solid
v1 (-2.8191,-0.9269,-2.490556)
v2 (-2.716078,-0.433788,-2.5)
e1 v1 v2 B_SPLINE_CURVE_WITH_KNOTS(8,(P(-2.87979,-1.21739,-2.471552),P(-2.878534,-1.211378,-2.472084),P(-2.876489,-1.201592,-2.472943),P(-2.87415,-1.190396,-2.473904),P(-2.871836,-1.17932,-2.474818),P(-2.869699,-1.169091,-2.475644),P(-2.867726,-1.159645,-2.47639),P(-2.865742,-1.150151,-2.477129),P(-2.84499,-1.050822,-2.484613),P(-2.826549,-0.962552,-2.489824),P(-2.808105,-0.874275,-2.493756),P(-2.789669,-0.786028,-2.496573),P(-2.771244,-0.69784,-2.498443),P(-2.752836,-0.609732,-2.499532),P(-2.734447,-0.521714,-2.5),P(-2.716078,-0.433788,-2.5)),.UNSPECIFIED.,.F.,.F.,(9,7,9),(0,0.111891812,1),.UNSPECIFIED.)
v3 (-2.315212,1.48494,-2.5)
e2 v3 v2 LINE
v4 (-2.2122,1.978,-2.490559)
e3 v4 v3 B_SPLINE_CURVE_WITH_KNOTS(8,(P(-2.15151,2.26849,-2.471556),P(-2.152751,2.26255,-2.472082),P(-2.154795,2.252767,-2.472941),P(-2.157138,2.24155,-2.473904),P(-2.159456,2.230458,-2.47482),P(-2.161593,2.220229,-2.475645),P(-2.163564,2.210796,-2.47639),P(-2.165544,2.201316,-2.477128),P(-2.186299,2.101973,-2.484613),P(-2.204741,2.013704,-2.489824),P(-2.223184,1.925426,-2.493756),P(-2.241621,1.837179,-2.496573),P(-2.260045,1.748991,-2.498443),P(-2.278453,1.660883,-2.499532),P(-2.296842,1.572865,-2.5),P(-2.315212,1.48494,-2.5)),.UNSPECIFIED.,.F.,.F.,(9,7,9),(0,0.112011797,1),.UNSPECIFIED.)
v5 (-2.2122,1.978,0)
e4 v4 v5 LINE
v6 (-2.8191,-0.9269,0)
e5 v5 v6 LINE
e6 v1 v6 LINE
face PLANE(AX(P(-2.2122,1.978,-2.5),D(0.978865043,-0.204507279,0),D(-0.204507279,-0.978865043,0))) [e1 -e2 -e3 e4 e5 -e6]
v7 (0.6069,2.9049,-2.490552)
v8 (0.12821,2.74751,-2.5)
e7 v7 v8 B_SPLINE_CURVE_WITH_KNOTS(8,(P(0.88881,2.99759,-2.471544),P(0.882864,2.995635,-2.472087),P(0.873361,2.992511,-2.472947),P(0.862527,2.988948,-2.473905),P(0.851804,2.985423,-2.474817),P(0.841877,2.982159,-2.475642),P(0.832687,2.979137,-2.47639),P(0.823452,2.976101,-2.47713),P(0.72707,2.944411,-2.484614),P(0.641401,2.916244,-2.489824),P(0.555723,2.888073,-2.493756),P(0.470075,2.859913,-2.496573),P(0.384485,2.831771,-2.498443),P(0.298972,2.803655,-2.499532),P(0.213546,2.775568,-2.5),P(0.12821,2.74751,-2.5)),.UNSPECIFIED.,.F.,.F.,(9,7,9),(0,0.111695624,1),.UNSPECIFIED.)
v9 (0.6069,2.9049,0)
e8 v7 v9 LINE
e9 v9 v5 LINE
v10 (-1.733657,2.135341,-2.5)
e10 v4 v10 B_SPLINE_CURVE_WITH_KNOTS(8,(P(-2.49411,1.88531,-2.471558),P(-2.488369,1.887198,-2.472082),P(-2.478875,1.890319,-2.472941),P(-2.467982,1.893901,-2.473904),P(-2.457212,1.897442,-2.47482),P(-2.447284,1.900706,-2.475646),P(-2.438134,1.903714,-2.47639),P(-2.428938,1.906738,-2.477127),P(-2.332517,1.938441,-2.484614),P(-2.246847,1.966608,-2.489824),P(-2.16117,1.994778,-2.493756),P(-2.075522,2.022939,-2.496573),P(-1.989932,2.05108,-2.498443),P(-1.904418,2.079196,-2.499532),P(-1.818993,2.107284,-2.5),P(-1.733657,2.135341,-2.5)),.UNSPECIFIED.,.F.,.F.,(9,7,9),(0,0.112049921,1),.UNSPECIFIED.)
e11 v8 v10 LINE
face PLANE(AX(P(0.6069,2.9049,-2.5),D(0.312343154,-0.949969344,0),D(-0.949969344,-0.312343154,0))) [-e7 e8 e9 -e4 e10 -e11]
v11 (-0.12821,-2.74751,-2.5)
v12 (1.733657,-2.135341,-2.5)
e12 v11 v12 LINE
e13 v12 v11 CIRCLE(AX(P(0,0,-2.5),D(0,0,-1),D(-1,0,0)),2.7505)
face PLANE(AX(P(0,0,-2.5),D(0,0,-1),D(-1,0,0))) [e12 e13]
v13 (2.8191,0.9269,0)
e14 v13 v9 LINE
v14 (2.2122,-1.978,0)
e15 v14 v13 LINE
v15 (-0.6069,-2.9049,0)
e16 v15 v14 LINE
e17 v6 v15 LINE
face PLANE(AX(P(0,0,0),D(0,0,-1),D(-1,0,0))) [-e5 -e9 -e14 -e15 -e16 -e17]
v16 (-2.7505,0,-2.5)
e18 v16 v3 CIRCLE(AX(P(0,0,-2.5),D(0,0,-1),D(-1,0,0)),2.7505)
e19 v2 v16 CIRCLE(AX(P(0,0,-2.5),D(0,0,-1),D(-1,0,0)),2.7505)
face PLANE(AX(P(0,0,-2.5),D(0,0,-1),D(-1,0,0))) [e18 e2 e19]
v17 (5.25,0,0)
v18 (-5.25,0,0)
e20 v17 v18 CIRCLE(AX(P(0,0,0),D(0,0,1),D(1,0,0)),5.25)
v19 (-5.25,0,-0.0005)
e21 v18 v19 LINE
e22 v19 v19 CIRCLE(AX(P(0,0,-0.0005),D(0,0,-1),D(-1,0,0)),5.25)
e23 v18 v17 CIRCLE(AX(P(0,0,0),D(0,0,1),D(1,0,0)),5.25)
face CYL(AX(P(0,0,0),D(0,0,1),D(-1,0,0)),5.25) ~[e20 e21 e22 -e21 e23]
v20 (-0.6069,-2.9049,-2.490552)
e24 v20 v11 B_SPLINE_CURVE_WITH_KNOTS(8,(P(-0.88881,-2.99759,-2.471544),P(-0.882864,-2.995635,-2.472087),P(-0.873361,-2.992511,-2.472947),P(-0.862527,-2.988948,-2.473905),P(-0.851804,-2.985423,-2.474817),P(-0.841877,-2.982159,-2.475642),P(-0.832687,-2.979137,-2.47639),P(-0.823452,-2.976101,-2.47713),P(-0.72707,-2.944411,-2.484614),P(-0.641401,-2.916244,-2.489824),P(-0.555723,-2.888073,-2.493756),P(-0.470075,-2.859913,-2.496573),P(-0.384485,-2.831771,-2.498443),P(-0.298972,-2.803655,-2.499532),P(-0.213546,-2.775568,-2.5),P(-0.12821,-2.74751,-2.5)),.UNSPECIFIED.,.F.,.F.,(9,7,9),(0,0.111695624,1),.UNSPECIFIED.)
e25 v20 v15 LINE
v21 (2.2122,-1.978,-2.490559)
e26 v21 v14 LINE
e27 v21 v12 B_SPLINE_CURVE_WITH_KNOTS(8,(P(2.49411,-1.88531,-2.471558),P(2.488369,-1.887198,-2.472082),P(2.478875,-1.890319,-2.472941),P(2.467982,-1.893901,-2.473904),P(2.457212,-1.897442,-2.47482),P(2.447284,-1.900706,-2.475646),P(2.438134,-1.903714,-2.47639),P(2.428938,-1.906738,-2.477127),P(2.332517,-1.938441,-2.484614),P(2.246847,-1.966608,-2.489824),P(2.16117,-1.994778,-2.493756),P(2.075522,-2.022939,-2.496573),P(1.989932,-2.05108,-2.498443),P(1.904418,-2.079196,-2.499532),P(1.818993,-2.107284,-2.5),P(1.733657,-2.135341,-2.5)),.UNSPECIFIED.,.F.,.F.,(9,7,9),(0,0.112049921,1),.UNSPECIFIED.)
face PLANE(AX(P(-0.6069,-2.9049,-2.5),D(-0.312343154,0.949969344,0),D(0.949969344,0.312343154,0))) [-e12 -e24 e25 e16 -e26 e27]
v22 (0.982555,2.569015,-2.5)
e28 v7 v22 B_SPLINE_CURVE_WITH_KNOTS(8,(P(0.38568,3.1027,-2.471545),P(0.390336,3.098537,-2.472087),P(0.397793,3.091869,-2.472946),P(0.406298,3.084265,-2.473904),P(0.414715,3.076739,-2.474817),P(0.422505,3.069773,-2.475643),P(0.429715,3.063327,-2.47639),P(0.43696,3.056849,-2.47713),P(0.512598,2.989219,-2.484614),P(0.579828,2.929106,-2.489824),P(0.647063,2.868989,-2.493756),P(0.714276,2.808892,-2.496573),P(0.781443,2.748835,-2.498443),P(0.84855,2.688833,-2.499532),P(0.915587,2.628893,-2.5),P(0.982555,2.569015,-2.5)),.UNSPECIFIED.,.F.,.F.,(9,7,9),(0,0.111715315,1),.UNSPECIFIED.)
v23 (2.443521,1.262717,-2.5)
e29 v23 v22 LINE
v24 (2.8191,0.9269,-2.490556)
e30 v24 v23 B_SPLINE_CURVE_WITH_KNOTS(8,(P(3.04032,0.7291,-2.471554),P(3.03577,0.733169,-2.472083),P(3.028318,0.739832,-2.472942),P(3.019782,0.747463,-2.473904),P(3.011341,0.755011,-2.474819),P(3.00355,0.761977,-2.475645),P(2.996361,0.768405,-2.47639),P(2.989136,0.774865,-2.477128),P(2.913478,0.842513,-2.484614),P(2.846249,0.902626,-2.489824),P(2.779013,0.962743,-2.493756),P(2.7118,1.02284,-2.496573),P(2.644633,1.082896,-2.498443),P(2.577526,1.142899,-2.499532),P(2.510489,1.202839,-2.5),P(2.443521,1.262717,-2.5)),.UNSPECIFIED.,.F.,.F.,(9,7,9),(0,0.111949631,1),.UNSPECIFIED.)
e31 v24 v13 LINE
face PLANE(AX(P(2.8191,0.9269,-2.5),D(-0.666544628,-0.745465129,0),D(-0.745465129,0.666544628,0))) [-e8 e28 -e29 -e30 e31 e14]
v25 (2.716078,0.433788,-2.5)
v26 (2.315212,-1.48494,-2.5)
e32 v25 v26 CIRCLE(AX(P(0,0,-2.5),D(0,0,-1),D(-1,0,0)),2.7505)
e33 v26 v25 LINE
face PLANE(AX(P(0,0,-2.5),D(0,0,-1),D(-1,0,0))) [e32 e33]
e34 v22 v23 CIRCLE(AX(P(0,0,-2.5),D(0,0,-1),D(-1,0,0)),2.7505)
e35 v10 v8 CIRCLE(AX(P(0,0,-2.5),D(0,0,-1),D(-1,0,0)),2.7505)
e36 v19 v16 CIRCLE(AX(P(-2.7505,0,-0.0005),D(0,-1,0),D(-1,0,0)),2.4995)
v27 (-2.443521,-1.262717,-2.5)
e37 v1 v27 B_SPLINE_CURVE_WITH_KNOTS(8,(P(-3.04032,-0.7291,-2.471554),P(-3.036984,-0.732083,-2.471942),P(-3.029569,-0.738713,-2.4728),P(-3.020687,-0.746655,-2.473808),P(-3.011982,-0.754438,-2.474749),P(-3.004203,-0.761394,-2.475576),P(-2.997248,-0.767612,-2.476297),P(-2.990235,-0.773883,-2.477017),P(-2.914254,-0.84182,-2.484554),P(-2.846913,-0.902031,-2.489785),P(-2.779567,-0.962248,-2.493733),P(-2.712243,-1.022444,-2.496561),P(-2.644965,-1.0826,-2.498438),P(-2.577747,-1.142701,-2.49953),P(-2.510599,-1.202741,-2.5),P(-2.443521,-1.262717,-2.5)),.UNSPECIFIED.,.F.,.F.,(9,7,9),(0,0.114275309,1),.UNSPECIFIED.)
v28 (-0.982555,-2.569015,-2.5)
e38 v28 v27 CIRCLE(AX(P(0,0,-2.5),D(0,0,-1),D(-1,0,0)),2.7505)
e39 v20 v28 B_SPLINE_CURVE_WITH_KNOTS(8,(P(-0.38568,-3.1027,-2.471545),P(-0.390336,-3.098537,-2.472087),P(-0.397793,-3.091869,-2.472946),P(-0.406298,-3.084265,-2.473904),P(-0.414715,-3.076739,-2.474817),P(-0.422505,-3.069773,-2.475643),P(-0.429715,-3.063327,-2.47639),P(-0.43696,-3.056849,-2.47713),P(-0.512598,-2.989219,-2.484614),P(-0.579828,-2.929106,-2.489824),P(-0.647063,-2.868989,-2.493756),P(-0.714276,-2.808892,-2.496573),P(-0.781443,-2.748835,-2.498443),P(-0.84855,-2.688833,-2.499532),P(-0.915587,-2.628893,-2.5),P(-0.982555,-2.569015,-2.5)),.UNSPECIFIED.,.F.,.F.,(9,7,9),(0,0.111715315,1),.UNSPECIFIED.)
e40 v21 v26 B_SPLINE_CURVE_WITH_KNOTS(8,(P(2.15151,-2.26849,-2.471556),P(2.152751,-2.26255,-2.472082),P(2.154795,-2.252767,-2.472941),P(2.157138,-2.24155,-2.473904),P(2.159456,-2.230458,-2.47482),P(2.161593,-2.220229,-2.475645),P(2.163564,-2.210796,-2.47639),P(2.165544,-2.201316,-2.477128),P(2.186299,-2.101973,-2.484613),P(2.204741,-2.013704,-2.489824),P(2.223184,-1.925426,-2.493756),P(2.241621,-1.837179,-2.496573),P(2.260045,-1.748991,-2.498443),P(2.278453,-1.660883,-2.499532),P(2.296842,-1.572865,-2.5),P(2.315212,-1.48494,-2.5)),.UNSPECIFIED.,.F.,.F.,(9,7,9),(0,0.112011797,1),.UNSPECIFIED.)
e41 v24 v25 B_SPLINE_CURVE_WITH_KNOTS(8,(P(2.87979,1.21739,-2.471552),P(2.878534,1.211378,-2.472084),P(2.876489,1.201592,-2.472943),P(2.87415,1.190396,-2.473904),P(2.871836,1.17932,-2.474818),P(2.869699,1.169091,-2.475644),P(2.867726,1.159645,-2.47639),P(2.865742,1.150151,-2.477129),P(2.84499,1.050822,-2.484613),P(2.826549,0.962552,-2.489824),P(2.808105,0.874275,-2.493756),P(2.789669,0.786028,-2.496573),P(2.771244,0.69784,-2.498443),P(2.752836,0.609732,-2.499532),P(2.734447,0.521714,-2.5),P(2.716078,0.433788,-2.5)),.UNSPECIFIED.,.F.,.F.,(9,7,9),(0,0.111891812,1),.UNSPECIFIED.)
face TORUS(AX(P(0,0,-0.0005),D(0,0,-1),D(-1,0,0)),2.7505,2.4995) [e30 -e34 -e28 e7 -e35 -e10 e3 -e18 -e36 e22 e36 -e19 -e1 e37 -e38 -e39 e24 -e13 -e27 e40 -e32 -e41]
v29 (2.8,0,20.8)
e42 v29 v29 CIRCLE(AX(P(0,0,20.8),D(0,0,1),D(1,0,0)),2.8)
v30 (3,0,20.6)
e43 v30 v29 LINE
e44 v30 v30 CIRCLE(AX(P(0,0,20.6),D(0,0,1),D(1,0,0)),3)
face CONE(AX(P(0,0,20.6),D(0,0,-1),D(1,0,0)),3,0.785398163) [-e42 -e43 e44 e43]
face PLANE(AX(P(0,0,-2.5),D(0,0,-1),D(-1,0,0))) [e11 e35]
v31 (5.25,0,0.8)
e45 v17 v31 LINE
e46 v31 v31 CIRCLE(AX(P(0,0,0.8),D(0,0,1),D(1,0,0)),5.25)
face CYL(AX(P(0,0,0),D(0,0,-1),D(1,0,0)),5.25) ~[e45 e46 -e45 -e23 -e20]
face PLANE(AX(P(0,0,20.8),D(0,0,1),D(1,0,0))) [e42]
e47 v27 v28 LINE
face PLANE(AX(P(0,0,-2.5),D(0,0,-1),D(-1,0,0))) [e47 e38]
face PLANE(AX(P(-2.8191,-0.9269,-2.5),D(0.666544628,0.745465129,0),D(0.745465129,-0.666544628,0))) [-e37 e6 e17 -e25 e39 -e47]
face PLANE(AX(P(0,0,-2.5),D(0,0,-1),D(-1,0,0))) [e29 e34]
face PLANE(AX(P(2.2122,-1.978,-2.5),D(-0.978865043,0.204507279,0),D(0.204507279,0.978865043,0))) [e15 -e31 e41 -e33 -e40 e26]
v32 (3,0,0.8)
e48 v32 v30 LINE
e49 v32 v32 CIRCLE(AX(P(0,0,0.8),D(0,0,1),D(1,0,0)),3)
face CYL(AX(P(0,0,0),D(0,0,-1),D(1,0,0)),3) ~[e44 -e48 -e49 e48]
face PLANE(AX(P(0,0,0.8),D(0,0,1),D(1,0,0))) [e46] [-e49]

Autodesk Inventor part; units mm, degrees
ref_plane "YZ Plane" through (0, 0, 0) normal (1, 0, 0) x (0, 1, 0)
ref_plane "XZ Plane" through (0, 0, 0) normal (0, 1, 0) x (-1, 0, 0)
ref_plane "XY Plane" through (0, 0, 0) normal (0, 0, 1) x (1, 0, 0)
sketch "Sketch1" plane through (0, 0, 0) normal (0, 0, 1) x (1, 0, 0)
  circle A0 centre (0, 0) radius 3
  circle A1 centre (0, 0) radius 5.25
  dimension "d0" = 6
  dimension "d1" = 10.5
extrude "Extrusion1" add sketch "Sketch1" along normal blind 0.8
extrude "Extrusion2" add sketch "Sketch1" along normal blind 20.8 contours A0
thread "Thread1" size "M6x1" class "6g" standard "ANSI Metric M Profile" length 348
sketch "Boceto3" plane through (0, 0, 0) normal (0, 0, -1) x (-1, 0, 0)
  circle A0 centre (0, 0) radius 5.25
extrude "Extrusión3" add sketch "Boceto3" along normal blind 2.5
fillet "Empalme2" radius 2.5 1 edges at (5.25, 0, -2.5)
sketch "Boceto4" plane through (0, 0, -2.5) normal (0, 0, -1) x (-1, 0, 0)
  line L0 (-2.2122, -1.978) -> (-2.8191, 0.9269)
  line L1 (-2.8191, 0.9269) -> (-0.6069, 2.9049)
  line L2 (-0.6069, 2.9049) -> (2.2122, 1.978)
  line L3 (2.2122, 1.978) -> (2.8191, -0.9269)
  line L4 (2.8191, -0.9269) -> (0.6069, -2.9049)
  line L5 (0.6069, -2.9049) -> (-2.2122, -1.978)
  point P0 (0, 0)
  point P1 (0, 0)
  dimension "d12" = 5.14
extrude "Extrusión4" cut sketch "Boceto4" against normal blind 2.5
chamfer "Chaflán1" distance 0.2 angle 45 1 edges at (-3, 0, 20.8)
properties part number "Tornillo Allen cabeza botón M6x20mm"
